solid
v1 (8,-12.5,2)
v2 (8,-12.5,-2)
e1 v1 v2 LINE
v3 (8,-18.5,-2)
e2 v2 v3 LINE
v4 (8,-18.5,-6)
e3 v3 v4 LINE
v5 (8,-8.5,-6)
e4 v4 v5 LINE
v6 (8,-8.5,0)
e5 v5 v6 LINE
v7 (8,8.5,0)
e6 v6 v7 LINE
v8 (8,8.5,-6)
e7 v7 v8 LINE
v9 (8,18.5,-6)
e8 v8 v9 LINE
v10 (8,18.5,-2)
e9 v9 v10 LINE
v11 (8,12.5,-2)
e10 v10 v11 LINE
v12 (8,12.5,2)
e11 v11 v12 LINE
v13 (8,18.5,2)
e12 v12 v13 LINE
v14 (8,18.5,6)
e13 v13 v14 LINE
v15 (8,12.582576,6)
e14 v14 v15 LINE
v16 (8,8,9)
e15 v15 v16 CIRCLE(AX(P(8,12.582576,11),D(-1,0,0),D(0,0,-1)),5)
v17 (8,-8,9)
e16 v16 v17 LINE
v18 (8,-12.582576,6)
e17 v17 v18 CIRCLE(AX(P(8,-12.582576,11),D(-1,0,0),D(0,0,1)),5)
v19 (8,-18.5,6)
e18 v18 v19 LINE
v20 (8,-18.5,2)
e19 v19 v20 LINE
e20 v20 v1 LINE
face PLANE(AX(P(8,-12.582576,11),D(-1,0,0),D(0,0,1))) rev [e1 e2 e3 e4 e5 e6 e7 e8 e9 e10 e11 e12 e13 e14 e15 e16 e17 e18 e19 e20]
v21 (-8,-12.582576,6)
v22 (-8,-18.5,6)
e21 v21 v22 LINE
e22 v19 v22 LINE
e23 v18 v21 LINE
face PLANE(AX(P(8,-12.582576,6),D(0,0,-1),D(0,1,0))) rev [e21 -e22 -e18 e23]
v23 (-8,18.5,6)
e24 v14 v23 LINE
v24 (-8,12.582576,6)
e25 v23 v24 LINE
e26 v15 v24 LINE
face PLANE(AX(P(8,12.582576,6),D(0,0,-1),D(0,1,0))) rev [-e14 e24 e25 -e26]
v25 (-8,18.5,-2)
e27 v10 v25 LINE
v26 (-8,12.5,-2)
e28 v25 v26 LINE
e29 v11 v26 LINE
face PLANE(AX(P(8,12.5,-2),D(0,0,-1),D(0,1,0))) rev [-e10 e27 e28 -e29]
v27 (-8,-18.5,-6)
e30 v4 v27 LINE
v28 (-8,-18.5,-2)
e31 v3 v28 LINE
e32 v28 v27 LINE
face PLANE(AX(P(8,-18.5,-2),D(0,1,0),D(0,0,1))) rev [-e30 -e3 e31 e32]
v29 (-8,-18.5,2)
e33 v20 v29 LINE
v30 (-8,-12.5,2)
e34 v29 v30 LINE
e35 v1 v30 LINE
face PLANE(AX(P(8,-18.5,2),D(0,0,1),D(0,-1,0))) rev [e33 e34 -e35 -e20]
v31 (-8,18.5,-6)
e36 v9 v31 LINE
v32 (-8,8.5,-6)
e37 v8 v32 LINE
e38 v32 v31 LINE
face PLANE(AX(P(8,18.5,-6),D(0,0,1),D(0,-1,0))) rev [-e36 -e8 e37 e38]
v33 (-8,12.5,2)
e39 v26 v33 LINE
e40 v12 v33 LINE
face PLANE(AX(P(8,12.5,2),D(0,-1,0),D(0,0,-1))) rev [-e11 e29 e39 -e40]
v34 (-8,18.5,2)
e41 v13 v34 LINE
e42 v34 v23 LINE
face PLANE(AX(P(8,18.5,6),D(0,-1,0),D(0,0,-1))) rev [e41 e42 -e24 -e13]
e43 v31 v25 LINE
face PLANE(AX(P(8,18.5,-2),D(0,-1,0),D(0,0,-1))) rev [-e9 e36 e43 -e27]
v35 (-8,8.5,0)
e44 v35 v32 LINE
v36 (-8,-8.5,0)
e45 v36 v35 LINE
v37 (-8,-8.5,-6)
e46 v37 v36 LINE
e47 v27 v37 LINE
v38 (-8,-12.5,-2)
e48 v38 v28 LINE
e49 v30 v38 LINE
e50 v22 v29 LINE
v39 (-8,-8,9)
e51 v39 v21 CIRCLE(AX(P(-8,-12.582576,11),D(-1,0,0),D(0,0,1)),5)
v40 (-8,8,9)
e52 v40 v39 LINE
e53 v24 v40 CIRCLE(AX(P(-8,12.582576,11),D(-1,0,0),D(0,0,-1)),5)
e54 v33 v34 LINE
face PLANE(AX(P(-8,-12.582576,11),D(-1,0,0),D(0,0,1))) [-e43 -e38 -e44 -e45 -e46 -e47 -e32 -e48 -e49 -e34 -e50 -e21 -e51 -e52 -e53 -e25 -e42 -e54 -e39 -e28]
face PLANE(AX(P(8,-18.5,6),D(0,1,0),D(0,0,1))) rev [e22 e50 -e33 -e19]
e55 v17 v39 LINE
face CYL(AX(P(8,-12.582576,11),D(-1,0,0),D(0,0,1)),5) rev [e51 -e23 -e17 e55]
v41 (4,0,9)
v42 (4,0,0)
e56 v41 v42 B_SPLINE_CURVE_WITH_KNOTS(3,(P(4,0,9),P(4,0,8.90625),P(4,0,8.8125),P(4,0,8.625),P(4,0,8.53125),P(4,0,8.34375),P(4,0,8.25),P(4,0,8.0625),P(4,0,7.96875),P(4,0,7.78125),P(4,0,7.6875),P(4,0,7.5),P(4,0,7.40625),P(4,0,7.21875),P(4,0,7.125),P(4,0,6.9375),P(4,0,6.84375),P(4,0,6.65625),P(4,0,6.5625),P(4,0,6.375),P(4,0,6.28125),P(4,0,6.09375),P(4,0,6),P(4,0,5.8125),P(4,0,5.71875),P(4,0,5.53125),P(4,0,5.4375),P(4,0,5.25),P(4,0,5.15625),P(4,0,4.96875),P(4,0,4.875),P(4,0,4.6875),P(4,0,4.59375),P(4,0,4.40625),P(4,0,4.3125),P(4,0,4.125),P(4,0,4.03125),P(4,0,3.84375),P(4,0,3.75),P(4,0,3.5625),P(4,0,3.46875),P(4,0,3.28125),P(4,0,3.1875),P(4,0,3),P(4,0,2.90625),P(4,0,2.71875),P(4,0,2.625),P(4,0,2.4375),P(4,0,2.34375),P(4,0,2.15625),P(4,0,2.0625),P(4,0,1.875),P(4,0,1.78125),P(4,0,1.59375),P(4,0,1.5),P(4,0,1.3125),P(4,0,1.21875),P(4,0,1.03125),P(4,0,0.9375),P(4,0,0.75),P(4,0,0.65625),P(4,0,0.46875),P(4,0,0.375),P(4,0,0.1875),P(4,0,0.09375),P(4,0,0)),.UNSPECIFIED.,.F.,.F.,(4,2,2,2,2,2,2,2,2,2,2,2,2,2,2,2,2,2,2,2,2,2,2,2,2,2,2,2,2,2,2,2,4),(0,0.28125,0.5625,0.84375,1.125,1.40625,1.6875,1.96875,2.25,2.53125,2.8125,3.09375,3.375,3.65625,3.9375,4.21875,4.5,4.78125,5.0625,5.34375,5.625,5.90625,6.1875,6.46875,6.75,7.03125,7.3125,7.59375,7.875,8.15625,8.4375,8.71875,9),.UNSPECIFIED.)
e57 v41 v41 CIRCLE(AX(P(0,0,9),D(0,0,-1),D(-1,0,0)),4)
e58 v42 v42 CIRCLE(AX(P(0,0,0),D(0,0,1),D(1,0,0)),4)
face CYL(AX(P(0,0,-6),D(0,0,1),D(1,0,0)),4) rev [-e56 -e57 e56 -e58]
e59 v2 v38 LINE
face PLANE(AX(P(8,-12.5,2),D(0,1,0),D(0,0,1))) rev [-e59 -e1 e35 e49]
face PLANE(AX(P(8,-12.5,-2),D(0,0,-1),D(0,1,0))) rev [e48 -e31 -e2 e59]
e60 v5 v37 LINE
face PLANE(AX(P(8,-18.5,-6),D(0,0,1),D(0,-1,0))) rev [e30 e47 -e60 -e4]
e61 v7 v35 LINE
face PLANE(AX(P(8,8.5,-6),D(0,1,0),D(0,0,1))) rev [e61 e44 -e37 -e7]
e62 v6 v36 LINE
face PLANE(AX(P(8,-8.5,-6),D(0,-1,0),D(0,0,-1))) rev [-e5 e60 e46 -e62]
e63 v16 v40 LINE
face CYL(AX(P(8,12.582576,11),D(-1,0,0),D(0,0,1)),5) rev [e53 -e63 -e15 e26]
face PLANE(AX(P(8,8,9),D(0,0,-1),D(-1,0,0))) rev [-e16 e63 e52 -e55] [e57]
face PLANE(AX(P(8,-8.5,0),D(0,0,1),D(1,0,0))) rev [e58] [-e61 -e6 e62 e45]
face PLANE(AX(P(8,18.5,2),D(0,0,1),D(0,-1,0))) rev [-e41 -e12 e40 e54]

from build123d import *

# Parameters (mm, degrees)
BOSS_EXTRUDE1_DEPTH     = 8
CUT_EXTRUDE1_DEPTH      = 26.124689053
CUT_EXTRUDE1_DEPTH_BACK = 26.124689053
SKETCH2_R               = 4


with BuildPart() as part:
    # Sketch1 → Boss-Extrude1 (new, symmetric)
    with BuildSketch(Plane.YZ):
        with BuildLine():
            Line((8, 9), (-8, 9))
            ThreePointArc((-8, 9), (-9.843962907, 6.816699867), (-12.582575695, 6))
            Line((-12.582575695, 6), (-18.5, 6))
            Line((-18.5, 6), (-18.5, 2))
            Line((-18.5, 2), (-12.5, 2))
            Line((-12.5, 2), (-12.5, -2))
            Line((-12.5, -2), (-18.5, -2))
            Line((-18.5, -2), (-18.5, -6))
            Line((-18.5, -6), (-8.5, -6))
            Line((-8.5, -6), (-8.5, 0))
            Line((-8.5, 0), (8.5, 0))
            Line((8.5, 0), (8.5, -6))
            Line((8.5, -6), (18.5, -6))
            Line((18.5, -6), (18.5, -2))
            Line((18.5, -2), (12.5, -2))
            Line((12.5, -2), (12.5, 2))
            Line((12.5, 2), (18.5, 2))
            Line((18.5, 2), (18.5, 6))
            Line((18.5, 6), (12.582575695, 6))
            ThreePointArc((12.582575695, 6), (9.843962907, 6.816699867), (8, 9))
        make_face()
    extrude(amount=BOSS_EXTRUDE1_DEPTH, both=True)

    # Sketch2 → Cut-Extrude1 (cut, two sides: drawn at the far end of the back side and taken through both)
    with BuildSketch(Plane.XY.offset(9).offset(-CUT_EXTRUDE1_DEPTH_BACK)):
        Circle(SKETCH2_R)
    extrude(amount=CUT_EXTRUDE1_DEPTH + CUT_EXTRUDE1_DEPTH_BACK, mode=Mode.SUBTRACT)


solid = part.part
